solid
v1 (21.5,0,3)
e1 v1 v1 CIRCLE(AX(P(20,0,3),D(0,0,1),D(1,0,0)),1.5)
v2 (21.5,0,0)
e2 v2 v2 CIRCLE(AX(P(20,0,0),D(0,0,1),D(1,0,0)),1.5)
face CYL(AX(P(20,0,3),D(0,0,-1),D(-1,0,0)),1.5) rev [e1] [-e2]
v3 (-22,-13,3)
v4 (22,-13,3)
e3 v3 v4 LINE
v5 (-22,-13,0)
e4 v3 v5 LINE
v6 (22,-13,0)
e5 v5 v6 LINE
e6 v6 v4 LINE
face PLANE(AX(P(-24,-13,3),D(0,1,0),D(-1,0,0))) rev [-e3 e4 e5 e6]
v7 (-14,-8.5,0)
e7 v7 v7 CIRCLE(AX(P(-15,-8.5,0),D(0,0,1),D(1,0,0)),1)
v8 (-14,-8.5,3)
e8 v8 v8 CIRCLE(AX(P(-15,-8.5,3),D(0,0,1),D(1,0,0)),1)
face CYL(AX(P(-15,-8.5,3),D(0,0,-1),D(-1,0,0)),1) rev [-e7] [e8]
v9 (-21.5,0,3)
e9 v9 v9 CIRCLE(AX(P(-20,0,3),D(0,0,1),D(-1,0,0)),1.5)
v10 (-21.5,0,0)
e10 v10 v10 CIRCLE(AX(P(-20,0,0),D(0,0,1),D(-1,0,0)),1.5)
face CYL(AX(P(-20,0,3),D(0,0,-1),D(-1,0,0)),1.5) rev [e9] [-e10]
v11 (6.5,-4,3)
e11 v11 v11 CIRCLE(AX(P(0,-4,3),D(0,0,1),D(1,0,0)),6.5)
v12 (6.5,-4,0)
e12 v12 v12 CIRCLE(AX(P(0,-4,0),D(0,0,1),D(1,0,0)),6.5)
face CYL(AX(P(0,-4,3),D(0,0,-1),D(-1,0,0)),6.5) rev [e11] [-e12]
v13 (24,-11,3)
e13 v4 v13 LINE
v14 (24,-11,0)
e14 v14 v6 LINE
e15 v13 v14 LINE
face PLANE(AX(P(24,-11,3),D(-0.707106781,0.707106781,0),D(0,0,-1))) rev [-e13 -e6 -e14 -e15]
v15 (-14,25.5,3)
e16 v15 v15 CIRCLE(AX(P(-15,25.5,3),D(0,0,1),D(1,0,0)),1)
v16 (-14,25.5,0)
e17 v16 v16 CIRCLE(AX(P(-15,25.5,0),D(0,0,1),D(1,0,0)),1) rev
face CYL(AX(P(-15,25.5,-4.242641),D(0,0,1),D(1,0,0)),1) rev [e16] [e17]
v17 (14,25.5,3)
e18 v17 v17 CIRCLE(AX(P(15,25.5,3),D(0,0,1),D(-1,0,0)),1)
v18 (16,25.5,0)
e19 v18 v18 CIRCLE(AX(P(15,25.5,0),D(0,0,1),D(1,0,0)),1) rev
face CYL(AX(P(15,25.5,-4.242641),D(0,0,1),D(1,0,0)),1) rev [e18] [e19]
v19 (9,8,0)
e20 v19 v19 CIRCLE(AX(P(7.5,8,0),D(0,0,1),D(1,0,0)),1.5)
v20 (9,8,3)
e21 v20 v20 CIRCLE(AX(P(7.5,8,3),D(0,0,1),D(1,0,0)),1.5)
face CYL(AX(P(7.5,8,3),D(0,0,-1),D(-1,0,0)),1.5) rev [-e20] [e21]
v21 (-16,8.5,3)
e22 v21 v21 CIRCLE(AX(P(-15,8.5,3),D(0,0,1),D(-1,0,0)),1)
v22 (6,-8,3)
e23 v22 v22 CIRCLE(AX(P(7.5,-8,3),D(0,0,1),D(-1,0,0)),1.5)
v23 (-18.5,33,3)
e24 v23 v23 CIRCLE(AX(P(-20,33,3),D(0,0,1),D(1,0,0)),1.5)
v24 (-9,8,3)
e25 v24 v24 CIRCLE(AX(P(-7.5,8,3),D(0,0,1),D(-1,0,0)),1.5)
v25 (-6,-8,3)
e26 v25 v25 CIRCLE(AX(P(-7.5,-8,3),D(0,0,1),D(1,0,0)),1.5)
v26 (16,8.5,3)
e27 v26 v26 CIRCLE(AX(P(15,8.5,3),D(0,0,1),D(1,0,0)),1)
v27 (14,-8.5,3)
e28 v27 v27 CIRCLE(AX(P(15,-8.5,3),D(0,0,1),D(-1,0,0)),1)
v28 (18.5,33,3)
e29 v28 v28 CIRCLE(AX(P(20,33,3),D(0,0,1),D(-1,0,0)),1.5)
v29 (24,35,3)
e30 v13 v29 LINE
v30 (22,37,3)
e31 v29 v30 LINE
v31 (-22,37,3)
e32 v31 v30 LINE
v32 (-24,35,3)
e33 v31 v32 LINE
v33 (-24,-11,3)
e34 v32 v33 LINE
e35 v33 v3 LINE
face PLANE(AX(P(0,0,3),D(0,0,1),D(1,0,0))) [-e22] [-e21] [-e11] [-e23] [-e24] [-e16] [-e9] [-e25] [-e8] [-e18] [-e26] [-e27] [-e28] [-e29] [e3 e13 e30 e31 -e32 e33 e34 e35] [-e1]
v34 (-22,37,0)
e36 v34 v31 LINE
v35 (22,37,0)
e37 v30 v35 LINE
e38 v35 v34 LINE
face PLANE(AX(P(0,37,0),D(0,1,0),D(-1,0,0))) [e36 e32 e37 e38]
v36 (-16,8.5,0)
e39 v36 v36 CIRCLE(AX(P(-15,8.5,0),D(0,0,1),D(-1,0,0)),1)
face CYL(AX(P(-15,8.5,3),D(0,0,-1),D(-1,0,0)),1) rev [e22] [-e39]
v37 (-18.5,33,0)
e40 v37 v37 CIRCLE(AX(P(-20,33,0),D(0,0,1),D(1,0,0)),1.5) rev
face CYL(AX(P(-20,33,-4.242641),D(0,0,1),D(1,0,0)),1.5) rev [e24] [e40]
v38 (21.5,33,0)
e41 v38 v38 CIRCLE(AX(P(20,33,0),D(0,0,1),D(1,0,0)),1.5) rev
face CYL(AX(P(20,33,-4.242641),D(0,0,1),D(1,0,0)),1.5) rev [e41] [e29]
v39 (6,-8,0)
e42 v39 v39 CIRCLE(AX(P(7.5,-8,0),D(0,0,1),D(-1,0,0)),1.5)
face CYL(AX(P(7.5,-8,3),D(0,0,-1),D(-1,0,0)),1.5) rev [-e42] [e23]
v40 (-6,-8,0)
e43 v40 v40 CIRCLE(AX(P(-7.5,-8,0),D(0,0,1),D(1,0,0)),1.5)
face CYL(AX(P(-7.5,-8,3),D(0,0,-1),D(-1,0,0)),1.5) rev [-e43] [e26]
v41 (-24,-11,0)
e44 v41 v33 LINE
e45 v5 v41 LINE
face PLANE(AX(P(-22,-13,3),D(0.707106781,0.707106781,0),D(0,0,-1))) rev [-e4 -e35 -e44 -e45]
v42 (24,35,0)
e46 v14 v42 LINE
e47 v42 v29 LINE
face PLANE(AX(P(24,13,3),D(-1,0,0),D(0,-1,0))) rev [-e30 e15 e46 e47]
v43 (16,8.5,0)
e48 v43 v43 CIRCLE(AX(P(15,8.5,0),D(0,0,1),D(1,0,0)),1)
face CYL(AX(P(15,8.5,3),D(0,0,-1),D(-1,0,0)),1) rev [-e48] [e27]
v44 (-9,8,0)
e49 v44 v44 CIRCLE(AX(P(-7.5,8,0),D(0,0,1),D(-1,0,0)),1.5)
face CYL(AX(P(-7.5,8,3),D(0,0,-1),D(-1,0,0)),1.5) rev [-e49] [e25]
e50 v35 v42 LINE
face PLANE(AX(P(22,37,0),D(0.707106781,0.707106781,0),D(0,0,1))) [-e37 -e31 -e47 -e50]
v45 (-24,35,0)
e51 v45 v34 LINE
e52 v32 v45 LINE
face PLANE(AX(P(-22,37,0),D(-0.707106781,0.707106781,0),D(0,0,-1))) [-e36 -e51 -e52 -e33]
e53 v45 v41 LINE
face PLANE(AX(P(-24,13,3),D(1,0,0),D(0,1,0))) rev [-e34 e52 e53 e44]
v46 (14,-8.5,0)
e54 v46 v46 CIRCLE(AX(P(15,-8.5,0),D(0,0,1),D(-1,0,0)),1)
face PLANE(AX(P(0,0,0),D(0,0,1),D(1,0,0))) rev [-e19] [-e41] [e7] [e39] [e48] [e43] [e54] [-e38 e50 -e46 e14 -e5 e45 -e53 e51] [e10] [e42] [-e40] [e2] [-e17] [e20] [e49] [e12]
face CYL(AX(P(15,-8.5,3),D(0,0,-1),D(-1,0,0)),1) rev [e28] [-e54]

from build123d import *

# Parameters (mm, degrees)
ESBO_O1_W                = 48
ESBO_O1_H                = 26
ESBO_O1_R                = 1.5
ESBO_O1_R_2              = 1
ESBO_O1_R_3              = 6.5
RESSALTO_EXTRUS_O1_DEPTH = 3
ESBO_O7_W                = 48
ESBO_O7_H                = 3
RESSALTO_EXTRUS_O4_DEPTH = 24
ESBO_O8_R                = 1
ESBO_O8_R_2              = 1.5
CORTE_EXTRUS_O2_DEPTH    = 3
CHANFRO2_SIZE            = 2


with BuildPart() as part:
    # Esboço1 → Ressalto-extrusão1 (new body)
    with BuildSketch(Plane.XY):
        Rectangle(ESBO_O1_W, ESBO_O1_H)
        with Locations((20, 0)):
            Circle(ESBO_O1_R, mode=Mode.SUBTRACT)
        with Locations((15, 8.5)):
            Circle(ESBO_O1_R_2, mode=Mode.SUBTRACT)
        with Locations((7.5, 8)):
            Circle(ESBO_O1_R, mode=Mode.SUBTRACT)
        with Locations(Location((15, -8.5, 0), (0, 0, 180))):
            Circle(ESBO_O1_R_2, mode=Mode.SUBTRACT)
        with Locations(Location((7.5, -8, 0), (0, 0, 180))):
            Circle(ESBO_O1_R, mode=Mode.SUBTRACT)
        with Locations(Location((-15, 8.5, 0), (0, 0, 180))):
            Circle(ESBO_O1_R_2, mode=Mode.SUBTRACT)
        with Locations((-7.5, -8)):
            Circle(ESBO_O1_R, mode=Mode.SUBTRACT)
        with Locations((-15, -8.5)):
            Circle(ESBO_O1_R_2, mode=Mode.SUBTRACT)
        with Locations(Location((-7.5, 8, 0), (0, 0, 180))):
            Circle(ESBO_O1_R, mode=Mode.SUBTRACT)
        with Locations(Location((-20, 0, 0), (0, 0, 180))):
            Circle(ESBO_O1_R, mode=Mode.SUBTRACT)
        with Locations((0, -4)):
            Circle(ESBO_O1_R_3, mode=Mode.SUBTRACT)
    extrude(amount=RESSALTO_EXTRUS_O1_DEPTH)

    # Esboço7 → Ressalto-extrusão4 (add)
    with BuildSketch(Plane(origin=(0, 13, 0), x_dir=(1, 0, 0), z_dir=(0, 1, 0))):
        with Locations((0, -1.5)):
            Rectangle(ESBO_O7_W, ESBO_O7_H)
    extrude(amount=RESSALTO_EXTRUS_O4_DEPTH)

    # Esboço8 → Corte-extrusão2 (cut)
    with BuildSketch(Plane.XY.offset(3)):
        with Locations((-15, 25.5)):
            Circle(ESBO_O8_R)
        with Locations((-20, 33)):
            Circle(ESBO_O8_R_2)
        with Locations((20, 33)):
            Circle(ESBO_O8_R_2)
        with Locations((15, 25.5)):
            Circle(ESBO_O8_R)
    extrude(amount=-CORTE_EXTRUS_O2_DEPTH, mode=Mode.SUBTRACT)

    # Chanfro2
    chanfro2_edges = [part.edges().sort_by_distance(p)[0] for p in [
        (-24, 37, 1.5),
        (24, 37, 1.5),
        (24, -13, 1.5),
        (-24, -13, 1.5),
    ]]
    chamfer(chanfro2_edges, length=CHANFRO2_SIZE)


solid = part.part
